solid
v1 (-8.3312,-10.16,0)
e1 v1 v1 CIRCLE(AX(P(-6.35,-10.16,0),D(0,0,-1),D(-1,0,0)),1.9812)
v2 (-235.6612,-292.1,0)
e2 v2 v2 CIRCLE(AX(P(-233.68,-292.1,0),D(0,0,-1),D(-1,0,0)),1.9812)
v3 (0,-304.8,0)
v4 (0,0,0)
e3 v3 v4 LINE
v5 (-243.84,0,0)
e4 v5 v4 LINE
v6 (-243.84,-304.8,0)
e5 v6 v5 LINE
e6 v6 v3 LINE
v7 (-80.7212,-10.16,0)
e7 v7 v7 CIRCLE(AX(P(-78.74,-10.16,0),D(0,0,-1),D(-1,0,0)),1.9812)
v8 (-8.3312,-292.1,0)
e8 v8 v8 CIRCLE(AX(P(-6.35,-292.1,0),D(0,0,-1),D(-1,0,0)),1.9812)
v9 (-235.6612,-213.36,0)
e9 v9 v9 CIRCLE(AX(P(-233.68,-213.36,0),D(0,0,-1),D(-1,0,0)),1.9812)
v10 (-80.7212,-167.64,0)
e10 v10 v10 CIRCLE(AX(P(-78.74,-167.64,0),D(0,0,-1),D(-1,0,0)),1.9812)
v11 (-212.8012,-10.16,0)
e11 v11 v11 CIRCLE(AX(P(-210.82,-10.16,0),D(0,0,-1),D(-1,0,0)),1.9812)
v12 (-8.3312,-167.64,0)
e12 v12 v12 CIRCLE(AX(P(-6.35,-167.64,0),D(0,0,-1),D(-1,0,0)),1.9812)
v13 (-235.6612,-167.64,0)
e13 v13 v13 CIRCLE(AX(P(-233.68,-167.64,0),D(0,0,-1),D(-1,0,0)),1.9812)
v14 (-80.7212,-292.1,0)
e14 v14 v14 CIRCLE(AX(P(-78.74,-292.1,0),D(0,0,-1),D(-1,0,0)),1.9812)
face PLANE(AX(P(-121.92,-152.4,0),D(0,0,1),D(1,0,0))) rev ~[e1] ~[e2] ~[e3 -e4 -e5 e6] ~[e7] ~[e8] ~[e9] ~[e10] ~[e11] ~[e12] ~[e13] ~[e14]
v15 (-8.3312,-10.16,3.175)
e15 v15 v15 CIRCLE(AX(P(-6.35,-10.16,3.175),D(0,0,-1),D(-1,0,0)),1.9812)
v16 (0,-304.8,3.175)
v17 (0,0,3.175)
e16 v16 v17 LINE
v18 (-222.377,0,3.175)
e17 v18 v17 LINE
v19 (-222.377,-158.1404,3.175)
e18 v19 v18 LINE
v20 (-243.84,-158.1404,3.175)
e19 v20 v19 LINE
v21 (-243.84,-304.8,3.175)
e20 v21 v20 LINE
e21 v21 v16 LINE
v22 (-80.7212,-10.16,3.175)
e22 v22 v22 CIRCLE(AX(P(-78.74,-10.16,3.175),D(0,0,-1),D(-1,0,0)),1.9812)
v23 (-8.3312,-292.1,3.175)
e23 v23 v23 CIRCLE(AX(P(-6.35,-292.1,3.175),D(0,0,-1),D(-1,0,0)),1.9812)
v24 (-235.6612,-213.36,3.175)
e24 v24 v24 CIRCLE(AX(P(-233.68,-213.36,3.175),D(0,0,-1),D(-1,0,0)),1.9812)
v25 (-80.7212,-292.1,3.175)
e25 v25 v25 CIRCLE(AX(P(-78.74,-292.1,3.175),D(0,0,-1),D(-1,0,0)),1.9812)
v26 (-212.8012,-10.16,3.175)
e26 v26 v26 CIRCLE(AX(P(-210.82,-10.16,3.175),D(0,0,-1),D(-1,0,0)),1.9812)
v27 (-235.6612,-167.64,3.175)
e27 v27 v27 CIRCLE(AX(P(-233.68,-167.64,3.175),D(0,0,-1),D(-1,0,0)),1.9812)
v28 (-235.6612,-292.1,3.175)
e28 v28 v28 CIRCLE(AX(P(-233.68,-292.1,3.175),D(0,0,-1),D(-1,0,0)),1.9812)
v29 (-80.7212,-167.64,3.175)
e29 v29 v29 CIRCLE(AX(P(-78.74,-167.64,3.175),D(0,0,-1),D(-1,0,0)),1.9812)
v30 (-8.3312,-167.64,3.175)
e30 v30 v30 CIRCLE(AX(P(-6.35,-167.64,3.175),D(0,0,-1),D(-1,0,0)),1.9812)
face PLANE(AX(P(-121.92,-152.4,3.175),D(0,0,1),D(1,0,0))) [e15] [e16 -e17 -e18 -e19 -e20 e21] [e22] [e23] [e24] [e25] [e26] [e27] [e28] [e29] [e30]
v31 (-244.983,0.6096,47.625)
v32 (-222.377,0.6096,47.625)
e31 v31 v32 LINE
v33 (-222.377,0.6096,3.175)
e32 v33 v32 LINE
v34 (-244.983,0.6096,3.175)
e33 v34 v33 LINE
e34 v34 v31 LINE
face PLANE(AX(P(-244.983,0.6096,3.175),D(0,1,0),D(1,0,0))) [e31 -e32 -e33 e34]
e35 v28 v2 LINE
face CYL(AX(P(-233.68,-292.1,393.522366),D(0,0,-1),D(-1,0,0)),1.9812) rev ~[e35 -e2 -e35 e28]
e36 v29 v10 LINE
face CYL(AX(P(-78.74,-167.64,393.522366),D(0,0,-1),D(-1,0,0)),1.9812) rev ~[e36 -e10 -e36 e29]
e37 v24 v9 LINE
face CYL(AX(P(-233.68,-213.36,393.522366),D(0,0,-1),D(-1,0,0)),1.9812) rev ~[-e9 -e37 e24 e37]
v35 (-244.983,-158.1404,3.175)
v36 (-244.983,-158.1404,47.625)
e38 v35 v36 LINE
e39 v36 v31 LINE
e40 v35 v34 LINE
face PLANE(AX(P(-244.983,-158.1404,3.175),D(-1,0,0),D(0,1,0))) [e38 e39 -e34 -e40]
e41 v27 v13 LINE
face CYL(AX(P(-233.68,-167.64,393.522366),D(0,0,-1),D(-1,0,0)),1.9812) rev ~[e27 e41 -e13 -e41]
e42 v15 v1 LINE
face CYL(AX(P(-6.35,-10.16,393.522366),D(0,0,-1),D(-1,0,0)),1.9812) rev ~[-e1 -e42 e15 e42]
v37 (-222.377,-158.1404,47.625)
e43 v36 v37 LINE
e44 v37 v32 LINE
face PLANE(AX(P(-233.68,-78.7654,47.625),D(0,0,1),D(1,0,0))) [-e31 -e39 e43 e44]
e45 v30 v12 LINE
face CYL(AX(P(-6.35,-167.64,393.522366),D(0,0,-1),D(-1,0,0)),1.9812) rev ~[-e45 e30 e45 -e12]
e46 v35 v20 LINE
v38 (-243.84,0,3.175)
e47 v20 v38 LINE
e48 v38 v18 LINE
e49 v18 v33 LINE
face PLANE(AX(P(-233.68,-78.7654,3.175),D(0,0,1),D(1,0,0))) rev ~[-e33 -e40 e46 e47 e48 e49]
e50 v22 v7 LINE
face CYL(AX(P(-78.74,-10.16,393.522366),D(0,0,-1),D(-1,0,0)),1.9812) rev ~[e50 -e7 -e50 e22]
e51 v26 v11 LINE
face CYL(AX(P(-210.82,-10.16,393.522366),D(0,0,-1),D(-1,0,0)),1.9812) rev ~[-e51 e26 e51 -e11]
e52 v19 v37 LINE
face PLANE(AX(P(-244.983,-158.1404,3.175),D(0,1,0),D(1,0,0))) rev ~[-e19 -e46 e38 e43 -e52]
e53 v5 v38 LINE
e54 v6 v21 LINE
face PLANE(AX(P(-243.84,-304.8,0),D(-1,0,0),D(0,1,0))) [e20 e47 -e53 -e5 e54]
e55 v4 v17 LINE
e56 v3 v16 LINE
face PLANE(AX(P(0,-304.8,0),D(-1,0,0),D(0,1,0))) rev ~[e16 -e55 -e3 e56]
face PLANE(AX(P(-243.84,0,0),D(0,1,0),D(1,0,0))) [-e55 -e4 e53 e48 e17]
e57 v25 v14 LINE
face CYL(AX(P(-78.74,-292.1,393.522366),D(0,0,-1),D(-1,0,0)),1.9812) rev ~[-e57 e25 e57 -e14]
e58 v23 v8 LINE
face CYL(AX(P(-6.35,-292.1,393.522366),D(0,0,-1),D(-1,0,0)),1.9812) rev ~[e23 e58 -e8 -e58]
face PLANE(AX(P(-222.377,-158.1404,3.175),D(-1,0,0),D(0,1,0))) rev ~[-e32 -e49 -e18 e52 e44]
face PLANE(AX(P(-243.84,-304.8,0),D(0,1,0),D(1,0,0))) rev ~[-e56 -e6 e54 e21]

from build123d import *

# Parameters (mm, degrees)
F0_W     = 243.84
F0_H     = 304.8
F1_DEPTH = 3.175
F3_D     = 3.9624
F4_W     = 22.606
F4_H     = 158.75
F5_DEPTH = 44.45


with BuildPart() as f1:
    # F0 (on Top) → F1 (new body)
    with BuildSketch(Plane.XY):
        with Locations((-121.92, -152.4)):
            Rectangle(F0_W, F0_H)
    extrude(amount=F1_DEPTH)

    # F3 (through all)
    with Locations(Plane.XY.offset(3.175)):
        with Locations((-78.74, -10.16), (-210.82, -10.16), (-6.35, -10.16), (-78.74, -292.1), (-78.74, -167.64), (-6.35, -292.1), (-233.68, -167.64), (-233.68, -292.1), (-6.35, -167.64), (-233.68, -213.36)):
            Hole(F3_D / 2)

    # F4 (on face) → F5 (join)
    with BuildSketch(Plane.XY.offset(3.175)):
        with Locations((-233.68, -78.7654)):
            Rectangle(F4_W, F4_H)
    extrude(amount=F5_DEPTH)


solid = f1.part
